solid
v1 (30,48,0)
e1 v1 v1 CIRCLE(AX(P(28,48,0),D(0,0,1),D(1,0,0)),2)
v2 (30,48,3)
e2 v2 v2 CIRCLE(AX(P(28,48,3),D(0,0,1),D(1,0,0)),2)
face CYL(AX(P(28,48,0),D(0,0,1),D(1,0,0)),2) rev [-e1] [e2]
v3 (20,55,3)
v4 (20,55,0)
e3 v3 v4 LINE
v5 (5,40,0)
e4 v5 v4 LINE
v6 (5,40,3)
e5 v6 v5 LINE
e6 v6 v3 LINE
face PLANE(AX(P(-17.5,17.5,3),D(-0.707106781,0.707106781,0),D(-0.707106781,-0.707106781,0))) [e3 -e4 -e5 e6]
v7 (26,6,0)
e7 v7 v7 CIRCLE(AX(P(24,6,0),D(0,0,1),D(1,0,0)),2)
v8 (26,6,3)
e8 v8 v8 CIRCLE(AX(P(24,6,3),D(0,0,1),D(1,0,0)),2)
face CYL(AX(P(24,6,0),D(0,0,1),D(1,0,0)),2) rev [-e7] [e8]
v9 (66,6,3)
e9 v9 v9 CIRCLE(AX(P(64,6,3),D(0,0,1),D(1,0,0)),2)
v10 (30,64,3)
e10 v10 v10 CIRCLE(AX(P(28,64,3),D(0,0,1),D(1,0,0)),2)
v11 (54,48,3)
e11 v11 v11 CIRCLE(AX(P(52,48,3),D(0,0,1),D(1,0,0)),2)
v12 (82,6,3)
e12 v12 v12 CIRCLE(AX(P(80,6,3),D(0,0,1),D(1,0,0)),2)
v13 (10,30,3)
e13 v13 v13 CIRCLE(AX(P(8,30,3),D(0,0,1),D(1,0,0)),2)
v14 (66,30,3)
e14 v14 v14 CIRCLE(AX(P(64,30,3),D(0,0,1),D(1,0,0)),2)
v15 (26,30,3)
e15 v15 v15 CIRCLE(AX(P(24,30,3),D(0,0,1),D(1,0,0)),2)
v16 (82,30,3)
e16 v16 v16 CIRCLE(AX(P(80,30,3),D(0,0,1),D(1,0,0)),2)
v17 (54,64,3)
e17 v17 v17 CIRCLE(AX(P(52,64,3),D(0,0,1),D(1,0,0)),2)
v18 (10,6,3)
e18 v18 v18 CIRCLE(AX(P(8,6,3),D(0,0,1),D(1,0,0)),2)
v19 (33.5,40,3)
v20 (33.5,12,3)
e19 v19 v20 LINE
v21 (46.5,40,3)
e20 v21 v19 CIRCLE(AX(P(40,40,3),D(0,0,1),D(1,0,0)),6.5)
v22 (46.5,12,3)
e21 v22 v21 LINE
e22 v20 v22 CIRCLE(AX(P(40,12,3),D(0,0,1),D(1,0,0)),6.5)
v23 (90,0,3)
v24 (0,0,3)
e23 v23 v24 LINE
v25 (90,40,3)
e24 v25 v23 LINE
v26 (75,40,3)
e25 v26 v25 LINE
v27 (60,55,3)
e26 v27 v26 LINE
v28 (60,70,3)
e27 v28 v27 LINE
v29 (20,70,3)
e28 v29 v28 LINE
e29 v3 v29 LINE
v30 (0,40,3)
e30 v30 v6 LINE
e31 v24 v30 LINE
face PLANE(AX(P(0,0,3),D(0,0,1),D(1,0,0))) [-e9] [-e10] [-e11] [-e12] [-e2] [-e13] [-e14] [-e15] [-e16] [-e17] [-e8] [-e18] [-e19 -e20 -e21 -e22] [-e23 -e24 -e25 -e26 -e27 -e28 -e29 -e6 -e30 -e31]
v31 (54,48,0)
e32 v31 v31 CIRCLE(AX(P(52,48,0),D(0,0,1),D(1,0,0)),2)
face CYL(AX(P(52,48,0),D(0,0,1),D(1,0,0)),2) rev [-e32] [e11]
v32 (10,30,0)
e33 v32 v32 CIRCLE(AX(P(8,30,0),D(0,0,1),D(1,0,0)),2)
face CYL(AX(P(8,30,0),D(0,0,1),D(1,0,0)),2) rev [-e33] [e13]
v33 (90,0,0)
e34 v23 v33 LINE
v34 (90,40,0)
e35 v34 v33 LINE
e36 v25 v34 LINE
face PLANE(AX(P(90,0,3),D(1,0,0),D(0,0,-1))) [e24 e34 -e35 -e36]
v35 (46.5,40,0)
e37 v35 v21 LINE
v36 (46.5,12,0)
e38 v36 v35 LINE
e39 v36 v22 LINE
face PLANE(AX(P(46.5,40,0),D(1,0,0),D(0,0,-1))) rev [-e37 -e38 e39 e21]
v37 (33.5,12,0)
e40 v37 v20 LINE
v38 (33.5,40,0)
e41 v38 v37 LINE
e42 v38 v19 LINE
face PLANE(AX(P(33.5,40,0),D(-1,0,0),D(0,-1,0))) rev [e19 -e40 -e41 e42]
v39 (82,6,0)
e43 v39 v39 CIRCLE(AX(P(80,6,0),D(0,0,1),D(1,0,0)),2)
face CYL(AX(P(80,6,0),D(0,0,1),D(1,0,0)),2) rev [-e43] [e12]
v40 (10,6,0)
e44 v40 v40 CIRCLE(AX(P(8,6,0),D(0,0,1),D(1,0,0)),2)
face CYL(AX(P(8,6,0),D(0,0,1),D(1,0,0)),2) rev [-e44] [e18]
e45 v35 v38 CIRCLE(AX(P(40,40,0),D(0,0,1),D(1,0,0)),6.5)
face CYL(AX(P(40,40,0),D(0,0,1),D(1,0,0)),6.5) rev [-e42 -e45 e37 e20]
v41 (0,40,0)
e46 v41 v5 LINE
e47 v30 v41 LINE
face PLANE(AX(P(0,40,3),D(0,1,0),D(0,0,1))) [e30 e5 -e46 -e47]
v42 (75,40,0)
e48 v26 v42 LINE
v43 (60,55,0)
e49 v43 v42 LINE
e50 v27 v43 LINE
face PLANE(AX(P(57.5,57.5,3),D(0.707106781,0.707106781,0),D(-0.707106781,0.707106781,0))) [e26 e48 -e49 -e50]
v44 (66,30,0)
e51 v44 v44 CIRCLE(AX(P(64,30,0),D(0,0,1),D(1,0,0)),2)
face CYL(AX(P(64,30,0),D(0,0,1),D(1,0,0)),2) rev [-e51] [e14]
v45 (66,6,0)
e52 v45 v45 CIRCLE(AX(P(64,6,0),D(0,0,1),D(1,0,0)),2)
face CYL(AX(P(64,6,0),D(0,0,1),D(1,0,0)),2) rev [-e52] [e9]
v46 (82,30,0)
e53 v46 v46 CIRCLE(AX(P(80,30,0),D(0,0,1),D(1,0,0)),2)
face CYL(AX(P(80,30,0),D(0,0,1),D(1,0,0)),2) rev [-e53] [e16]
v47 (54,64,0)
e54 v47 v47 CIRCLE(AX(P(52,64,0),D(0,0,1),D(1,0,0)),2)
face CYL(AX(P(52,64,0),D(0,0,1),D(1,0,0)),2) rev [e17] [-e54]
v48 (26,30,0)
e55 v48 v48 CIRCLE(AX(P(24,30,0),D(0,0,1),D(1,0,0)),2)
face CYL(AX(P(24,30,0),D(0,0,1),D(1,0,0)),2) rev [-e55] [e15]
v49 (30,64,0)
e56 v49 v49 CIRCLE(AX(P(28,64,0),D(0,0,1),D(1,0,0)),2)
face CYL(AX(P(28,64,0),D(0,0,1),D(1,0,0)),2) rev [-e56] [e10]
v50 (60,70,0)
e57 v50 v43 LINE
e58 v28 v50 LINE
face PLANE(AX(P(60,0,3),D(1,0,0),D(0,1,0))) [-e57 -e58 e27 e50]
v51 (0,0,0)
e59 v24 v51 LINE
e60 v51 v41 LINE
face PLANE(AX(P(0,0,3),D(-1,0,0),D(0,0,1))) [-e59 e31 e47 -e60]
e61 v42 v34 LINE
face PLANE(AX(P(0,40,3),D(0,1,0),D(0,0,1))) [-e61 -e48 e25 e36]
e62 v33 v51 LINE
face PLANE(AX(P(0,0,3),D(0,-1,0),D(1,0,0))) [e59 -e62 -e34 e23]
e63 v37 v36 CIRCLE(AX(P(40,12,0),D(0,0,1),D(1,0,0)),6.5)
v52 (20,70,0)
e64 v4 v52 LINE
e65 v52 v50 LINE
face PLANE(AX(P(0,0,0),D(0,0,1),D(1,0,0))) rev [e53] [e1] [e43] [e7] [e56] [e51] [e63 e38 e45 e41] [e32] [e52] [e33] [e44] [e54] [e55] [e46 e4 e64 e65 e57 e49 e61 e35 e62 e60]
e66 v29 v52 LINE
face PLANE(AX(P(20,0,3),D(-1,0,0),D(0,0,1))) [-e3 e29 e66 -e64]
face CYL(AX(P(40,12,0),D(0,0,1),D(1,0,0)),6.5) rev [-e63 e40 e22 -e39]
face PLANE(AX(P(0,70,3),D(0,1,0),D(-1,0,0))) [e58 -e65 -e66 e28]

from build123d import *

# Parameters (mm, degrees)
EXTRUDE_1_DEPTH     = 3
SKETCH_2_R          = 2
CUT_EXTRUDE_1_DEPTH = 3


with BuildPart() as part:
    # 草图1 → 凸台-拉伸1 (new body)
    with BuildSketch(Plane.XY):
        Polygon((0, 0), (0, 40), (5, 40), (20, 55), (20, 70), (60, 70), (60, 55), (75, 40), (90, 40), (90, 0), align=None)
    extrude(amount=EXTRUDE_1_DEPTH)

    # 草图2 → 切除-拉伸1 (cut)
    with BuildSketch(Plane.XY.offset(3)):
        with Locations((28, 64)):
            Circle(SKETCH_2_R)
        with Locations((28, 48)):
            Circle(SKETCH_2_R)
        with Locations((52, 64)):
            Circle(SKETCH_2_R)
        with Locations((52, 48)):
            Circle(SKETCH_2_R)
        with Locations((8, 30)):
            Circle(SKETCH_2_R)
        with Locations((24, 30)):
            Circle(SKETCH_2_R)
        with Locations((80, 30)):
            Circle(SKETCH_2_R)
        with Locations((64, 30)):
            Circle(SKETCH_2_R)
        with Locations((80, 6)):
            Circle(SKETCH_2_R)
        with Locations((64, 6)):
            Circle(SKETCH_2_R)
        with Locations((24, 6)):
            Circle(SKETCH_2_R)
        with Locations((8, 6)):
            Circle(SKETCH_2_R)
        with BuildLine():
            Line((46.5, 40), (46.5, 12))
            ThreePointArc((46.5, 12), (40, 5.5), (33.5, 12))
            Line((33.5, 12), (33.5, 40))
            ThreePointArc((33.5, 40), (40, 46.5), (46.5, 40))
        make_face()
    extrude(amount=-CUT_EXTRUDE_1_DEPTH, mode=Mode.SUBTRACT)


solid = part.part
